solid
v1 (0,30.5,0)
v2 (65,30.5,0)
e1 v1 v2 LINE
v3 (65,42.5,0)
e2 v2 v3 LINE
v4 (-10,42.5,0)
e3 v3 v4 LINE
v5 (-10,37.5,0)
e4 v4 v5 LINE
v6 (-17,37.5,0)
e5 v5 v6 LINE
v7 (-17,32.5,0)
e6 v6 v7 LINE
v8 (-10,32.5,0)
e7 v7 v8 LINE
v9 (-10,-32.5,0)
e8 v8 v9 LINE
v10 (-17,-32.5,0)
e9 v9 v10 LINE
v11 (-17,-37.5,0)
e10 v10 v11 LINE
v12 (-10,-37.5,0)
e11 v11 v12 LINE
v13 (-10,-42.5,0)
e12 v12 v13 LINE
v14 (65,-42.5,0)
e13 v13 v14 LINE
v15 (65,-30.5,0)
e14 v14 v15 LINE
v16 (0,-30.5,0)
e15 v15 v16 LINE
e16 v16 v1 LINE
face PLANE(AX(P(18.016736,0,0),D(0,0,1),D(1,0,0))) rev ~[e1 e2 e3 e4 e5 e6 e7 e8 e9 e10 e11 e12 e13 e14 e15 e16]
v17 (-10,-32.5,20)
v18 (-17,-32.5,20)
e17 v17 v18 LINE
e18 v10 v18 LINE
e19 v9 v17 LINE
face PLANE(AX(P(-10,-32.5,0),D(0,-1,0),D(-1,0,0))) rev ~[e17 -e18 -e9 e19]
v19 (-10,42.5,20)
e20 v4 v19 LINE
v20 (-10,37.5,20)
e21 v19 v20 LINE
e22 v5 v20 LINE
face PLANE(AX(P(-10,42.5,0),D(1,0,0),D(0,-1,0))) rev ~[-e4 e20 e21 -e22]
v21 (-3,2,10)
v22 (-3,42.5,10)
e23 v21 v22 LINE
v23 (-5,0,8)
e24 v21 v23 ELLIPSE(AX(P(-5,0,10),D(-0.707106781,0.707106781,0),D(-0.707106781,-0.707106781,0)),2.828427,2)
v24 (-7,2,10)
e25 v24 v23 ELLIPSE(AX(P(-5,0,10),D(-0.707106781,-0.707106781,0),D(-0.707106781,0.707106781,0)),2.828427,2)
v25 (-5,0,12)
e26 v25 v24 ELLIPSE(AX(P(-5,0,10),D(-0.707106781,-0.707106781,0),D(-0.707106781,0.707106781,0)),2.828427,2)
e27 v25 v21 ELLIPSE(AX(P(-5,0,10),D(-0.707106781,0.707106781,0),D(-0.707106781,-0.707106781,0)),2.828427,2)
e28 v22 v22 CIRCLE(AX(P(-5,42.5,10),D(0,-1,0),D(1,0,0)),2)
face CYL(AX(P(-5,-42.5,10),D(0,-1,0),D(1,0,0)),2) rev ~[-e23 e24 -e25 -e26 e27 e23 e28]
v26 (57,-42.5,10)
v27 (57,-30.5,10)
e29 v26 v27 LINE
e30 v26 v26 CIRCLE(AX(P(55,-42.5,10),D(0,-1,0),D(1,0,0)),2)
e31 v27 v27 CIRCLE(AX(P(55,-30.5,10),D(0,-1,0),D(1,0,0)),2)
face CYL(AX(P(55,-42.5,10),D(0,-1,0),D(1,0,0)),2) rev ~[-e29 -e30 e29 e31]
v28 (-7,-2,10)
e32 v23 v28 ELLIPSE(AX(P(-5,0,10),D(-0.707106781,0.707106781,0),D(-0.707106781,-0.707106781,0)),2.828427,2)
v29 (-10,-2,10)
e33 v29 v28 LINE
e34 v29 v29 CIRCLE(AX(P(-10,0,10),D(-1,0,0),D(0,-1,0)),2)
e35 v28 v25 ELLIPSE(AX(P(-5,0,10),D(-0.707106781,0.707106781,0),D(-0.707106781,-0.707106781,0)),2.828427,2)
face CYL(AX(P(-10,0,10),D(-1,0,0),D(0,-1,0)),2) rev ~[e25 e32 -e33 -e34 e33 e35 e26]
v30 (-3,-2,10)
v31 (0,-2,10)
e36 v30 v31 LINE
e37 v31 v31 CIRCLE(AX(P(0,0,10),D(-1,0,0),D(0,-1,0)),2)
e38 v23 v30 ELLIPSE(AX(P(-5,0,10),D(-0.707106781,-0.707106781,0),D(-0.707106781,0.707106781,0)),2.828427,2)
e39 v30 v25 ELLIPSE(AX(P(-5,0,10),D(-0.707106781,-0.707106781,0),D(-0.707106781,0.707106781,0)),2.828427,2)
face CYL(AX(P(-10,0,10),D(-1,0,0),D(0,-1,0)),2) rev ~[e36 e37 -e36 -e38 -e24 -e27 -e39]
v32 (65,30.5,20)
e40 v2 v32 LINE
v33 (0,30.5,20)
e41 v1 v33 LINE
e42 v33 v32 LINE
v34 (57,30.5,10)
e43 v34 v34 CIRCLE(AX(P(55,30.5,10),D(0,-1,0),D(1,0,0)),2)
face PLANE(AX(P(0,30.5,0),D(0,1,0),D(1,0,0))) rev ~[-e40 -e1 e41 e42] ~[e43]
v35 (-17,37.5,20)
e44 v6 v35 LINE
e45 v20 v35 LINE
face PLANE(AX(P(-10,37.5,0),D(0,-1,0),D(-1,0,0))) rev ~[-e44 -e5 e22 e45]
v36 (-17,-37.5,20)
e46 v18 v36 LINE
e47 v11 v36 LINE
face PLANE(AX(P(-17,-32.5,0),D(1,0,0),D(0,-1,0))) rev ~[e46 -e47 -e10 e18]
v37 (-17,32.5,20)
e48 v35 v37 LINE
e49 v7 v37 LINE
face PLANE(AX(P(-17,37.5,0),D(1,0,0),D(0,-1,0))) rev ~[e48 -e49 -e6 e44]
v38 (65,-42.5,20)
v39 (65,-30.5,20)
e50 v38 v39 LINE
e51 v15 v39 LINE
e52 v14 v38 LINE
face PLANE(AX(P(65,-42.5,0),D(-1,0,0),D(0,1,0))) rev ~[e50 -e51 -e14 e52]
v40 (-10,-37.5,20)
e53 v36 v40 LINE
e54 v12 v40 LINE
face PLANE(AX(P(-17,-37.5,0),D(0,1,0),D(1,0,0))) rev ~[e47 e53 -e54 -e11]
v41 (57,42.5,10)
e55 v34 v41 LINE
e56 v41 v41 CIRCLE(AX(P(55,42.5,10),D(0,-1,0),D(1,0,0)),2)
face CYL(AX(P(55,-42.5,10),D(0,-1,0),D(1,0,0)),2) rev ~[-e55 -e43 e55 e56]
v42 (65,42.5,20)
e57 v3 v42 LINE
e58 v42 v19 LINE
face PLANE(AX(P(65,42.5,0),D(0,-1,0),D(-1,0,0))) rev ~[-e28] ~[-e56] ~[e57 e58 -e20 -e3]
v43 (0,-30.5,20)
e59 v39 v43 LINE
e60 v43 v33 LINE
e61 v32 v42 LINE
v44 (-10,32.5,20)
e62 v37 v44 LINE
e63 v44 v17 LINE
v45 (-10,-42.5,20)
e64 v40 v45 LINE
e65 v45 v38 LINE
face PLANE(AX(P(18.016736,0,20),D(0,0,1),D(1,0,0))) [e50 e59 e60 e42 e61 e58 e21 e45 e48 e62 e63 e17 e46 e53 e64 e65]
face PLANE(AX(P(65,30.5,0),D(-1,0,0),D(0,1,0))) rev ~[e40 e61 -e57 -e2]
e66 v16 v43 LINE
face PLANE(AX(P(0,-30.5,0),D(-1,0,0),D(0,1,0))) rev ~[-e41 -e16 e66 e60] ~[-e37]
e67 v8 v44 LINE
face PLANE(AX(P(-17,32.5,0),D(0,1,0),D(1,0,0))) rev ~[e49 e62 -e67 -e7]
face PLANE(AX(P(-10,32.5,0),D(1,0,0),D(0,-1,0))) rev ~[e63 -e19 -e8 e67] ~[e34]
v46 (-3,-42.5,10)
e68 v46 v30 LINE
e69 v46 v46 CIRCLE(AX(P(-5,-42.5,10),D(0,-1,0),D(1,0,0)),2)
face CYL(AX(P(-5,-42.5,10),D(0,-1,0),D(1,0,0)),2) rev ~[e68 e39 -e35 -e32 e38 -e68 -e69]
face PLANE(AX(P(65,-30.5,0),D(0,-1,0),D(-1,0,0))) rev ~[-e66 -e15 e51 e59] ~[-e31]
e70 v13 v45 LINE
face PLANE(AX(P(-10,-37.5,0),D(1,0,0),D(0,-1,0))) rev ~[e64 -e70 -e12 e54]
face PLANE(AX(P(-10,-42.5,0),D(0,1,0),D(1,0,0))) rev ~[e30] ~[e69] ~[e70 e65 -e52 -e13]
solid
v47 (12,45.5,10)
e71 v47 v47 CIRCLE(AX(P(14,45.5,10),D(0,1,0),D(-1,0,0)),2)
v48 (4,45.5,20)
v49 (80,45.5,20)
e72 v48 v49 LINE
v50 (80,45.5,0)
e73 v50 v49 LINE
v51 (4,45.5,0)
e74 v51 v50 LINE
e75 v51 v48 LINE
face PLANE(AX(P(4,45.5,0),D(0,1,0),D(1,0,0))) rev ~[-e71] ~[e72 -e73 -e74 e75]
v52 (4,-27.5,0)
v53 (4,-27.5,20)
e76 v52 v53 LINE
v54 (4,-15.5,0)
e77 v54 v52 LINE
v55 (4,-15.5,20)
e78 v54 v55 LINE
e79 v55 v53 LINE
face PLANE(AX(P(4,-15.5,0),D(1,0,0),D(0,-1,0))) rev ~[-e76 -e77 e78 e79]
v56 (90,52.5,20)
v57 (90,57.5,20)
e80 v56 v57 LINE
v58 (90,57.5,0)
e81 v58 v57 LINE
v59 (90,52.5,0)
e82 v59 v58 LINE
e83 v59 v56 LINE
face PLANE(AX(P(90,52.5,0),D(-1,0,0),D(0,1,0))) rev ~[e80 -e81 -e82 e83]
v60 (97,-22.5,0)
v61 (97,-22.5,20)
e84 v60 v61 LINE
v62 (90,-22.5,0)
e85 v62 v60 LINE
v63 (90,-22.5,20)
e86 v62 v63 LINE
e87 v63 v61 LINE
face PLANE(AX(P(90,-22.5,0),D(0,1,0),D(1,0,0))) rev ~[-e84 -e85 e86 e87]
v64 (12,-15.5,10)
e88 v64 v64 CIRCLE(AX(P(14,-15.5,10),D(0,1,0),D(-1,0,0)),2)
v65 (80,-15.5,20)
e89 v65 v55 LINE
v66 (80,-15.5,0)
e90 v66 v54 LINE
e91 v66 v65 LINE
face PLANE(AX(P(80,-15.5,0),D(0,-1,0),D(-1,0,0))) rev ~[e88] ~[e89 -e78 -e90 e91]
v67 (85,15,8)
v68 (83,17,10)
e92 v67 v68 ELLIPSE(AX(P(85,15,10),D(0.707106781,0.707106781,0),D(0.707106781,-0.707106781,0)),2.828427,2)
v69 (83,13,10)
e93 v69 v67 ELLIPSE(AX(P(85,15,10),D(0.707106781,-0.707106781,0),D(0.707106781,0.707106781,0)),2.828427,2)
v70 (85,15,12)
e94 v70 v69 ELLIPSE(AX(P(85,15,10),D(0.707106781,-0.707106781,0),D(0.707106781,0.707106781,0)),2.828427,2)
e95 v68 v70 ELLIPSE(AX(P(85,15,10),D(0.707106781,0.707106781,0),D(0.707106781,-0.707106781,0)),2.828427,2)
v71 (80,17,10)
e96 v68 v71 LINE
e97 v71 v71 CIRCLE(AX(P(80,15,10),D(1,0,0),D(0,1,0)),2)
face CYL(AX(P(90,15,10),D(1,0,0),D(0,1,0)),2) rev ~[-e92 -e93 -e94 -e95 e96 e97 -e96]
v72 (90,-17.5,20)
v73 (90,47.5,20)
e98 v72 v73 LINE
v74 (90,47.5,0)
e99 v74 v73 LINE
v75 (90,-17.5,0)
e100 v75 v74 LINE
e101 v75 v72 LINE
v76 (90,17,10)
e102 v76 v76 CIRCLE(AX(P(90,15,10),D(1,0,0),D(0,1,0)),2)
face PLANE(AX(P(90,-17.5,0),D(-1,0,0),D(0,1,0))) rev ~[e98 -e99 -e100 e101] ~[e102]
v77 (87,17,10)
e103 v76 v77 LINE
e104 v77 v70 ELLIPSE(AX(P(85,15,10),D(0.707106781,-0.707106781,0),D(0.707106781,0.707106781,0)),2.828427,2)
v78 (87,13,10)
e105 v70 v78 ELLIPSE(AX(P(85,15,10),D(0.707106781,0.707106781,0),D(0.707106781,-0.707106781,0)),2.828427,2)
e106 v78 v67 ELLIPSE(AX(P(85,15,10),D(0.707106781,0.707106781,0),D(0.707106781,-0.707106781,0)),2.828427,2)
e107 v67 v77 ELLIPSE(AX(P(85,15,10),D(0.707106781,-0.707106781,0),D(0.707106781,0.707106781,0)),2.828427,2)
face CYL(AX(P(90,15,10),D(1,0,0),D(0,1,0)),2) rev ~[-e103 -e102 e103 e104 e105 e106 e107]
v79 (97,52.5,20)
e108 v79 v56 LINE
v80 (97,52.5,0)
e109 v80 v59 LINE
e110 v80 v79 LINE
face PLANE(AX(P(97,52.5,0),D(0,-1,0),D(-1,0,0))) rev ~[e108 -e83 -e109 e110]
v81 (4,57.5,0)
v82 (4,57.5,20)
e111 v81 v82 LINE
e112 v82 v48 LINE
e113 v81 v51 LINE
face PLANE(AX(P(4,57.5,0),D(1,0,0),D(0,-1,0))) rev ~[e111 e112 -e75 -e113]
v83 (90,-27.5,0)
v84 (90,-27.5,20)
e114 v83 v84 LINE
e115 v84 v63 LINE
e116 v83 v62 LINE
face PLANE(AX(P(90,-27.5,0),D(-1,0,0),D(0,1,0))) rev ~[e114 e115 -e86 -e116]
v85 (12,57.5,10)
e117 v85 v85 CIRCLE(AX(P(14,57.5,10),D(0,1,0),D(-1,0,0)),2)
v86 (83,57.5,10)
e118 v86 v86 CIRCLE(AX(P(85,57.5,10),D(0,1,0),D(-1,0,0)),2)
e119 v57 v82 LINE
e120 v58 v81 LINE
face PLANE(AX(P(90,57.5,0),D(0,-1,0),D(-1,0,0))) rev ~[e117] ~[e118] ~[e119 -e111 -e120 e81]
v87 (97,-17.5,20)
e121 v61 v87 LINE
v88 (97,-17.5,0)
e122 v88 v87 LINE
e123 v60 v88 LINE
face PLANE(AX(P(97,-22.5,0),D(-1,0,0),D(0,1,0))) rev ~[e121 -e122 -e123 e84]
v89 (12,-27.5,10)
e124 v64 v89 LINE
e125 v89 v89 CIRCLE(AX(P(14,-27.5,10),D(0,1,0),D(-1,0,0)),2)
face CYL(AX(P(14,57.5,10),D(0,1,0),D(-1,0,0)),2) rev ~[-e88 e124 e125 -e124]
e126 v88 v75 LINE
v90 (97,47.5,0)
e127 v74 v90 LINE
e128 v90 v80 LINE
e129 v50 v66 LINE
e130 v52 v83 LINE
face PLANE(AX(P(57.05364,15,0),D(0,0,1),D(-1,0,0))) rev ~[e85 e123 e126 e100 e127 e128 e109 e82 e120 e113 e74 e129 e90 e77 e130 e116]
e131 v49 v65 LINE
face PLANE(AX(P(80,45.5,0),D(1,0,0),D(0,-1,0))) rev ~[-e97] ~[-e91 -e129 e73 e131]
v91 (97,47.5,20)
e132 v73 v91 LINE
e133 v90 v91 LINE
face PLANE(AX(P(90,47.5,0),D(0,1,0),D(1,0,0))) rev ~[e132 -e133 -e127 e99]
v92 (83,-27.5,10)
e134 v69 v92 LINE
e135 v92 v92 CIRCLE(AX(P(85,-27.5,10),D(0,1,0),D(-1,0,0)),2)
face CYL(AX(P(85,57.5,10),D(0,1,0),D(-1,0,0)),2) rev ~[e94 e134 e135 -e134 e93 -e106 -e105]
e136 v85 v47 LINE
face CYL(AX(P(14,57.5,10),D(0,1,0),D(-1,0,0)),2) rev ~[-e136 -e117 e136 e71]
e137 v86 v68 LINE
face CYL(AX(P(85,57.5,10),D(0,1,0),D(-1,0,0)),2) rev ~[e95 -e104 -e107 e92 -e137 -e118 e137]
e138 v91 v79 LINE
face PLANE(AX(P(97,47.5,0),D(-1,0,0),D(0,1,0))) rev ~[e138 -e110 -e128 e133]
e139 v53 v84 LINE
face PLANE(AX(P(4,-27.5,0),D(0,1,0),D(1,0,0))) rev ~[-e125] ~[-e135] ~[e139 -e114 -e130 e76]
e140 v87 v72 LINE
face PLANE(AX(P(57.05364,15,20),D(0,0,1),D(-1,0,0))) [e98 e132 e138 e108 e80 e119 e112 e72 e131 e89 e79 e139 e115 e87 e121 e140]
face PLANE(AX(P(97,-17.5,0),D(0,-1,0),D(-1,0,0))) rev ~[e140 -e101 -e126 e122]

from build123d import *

# Parameters (mm, degrees)
PAD_DEPTH       = 20
SKETCH004_R     = 2
POCKET002_DEPTH = 75.001
SKETCH005_R     = 2
POCKET003_DEPTH = 85.001
PAD001_DEPTH    = 20
SKETCH007_R     = 2
POCKET004_DEPTH = 86.001
SKETCH008_R     = 2
POCKET005_DEPTH = 85.001


with BuildPart() as soporte_agujero_superior_lateral:
    # Sketch → Pad (new body)
    with BuildSketch(Plane.XY):
        Polygon((-10, -42.5), (65, -42.5), (65, -30.5), (0, -30.5), (0, 30.5), (65, 30.5), (65, 42.5), (-10, 42.5), (-10, 37.5), (-17, 37.5), (-17, 32.5), (-10, 32.5), (-10, -32.5), (-17, -32.5), (-17, -37.5), (-10, -37.5), align=None)
    extrude(amount=PAD_DEPTH)

    # Sketch004 → Pocket002 (cut, through all)
    with BuildSketch(Plane(origin=(-10, 0, 0), x_dir=(0, -1, 0), z_dir=(-1, 0, 0))):
        with Locations((0, 10)):
            Circle(SKETCH004_R)
    extrude(amount=-POCKET002_DEPTH, mode=Mode.SUBTRACT)

    # Sketch005 → Pocket003 (cut, through all)
    with BuildSketch(Plane.XZ.offset(42.5)):
        with Locations((-5, 10)):
            Circle(SKETCH005_R)
        with Locations((55, 10)):
            Circle(SKETCH005_R)
    extrude(amount=-POCKET003_DEPTH, mode=Mode.SUBTRACT)


with BuildPart() as soporte_agujero_superior_lateral001:
    # Sketch006 → Pad001 (new body)
    with BuildSketch(Plane(origin=(80, 15, 0), x_dir=(-1, 0, 0), z_dir=(0, 0, 1))):
        Polygon((-10, -42.5), (76, -42.5), (76, -30.5), (0, -30.5), (0, 30.5), (76, 30.5), (76, 42.5), (-10, 42.5), (-10, 37.5), (-17, 37.5), (-17, 32.5), (-10, 32.5), (-10, -32.5), (-17, -32.5), (-17, -37.5), (-10, -37.5), align=None)
    extrude(amount=PAD001_DEPTH)

    # Sketch007 → Pocket004 (cut, through all)
    with BuildSketch(Plane(origin=(90, 15, 0), x_dir=(0, 1, 0), z_dir=(1, 0, 0))):
        with Locations((0, 10)):
            Circle(SKETCH007_R)
    extrude(amount=-POCKET004_DEPTH, mode=Mode.SUBTRACT)

    # Sketch008 → Pocket005 (cut, through all)
    with BuildSketch(Plane(origin=(80, 57.5, 0), x_dir=(-1, 0, 0), z_dir=(0, 1, 0))):
        with Locations((-5, 10)):
            Circle(SKETCH008_R)
        with Locations((66, 10)):
            Circle(SKETCH008_R)
    extrude(amount=-POCKET005_DEPTH, mode=Mode.SUBTRACT)


solid = Compound([soporte_agujero_superior_lateral.part, soporte_agujero_superior_lateral001.part])
